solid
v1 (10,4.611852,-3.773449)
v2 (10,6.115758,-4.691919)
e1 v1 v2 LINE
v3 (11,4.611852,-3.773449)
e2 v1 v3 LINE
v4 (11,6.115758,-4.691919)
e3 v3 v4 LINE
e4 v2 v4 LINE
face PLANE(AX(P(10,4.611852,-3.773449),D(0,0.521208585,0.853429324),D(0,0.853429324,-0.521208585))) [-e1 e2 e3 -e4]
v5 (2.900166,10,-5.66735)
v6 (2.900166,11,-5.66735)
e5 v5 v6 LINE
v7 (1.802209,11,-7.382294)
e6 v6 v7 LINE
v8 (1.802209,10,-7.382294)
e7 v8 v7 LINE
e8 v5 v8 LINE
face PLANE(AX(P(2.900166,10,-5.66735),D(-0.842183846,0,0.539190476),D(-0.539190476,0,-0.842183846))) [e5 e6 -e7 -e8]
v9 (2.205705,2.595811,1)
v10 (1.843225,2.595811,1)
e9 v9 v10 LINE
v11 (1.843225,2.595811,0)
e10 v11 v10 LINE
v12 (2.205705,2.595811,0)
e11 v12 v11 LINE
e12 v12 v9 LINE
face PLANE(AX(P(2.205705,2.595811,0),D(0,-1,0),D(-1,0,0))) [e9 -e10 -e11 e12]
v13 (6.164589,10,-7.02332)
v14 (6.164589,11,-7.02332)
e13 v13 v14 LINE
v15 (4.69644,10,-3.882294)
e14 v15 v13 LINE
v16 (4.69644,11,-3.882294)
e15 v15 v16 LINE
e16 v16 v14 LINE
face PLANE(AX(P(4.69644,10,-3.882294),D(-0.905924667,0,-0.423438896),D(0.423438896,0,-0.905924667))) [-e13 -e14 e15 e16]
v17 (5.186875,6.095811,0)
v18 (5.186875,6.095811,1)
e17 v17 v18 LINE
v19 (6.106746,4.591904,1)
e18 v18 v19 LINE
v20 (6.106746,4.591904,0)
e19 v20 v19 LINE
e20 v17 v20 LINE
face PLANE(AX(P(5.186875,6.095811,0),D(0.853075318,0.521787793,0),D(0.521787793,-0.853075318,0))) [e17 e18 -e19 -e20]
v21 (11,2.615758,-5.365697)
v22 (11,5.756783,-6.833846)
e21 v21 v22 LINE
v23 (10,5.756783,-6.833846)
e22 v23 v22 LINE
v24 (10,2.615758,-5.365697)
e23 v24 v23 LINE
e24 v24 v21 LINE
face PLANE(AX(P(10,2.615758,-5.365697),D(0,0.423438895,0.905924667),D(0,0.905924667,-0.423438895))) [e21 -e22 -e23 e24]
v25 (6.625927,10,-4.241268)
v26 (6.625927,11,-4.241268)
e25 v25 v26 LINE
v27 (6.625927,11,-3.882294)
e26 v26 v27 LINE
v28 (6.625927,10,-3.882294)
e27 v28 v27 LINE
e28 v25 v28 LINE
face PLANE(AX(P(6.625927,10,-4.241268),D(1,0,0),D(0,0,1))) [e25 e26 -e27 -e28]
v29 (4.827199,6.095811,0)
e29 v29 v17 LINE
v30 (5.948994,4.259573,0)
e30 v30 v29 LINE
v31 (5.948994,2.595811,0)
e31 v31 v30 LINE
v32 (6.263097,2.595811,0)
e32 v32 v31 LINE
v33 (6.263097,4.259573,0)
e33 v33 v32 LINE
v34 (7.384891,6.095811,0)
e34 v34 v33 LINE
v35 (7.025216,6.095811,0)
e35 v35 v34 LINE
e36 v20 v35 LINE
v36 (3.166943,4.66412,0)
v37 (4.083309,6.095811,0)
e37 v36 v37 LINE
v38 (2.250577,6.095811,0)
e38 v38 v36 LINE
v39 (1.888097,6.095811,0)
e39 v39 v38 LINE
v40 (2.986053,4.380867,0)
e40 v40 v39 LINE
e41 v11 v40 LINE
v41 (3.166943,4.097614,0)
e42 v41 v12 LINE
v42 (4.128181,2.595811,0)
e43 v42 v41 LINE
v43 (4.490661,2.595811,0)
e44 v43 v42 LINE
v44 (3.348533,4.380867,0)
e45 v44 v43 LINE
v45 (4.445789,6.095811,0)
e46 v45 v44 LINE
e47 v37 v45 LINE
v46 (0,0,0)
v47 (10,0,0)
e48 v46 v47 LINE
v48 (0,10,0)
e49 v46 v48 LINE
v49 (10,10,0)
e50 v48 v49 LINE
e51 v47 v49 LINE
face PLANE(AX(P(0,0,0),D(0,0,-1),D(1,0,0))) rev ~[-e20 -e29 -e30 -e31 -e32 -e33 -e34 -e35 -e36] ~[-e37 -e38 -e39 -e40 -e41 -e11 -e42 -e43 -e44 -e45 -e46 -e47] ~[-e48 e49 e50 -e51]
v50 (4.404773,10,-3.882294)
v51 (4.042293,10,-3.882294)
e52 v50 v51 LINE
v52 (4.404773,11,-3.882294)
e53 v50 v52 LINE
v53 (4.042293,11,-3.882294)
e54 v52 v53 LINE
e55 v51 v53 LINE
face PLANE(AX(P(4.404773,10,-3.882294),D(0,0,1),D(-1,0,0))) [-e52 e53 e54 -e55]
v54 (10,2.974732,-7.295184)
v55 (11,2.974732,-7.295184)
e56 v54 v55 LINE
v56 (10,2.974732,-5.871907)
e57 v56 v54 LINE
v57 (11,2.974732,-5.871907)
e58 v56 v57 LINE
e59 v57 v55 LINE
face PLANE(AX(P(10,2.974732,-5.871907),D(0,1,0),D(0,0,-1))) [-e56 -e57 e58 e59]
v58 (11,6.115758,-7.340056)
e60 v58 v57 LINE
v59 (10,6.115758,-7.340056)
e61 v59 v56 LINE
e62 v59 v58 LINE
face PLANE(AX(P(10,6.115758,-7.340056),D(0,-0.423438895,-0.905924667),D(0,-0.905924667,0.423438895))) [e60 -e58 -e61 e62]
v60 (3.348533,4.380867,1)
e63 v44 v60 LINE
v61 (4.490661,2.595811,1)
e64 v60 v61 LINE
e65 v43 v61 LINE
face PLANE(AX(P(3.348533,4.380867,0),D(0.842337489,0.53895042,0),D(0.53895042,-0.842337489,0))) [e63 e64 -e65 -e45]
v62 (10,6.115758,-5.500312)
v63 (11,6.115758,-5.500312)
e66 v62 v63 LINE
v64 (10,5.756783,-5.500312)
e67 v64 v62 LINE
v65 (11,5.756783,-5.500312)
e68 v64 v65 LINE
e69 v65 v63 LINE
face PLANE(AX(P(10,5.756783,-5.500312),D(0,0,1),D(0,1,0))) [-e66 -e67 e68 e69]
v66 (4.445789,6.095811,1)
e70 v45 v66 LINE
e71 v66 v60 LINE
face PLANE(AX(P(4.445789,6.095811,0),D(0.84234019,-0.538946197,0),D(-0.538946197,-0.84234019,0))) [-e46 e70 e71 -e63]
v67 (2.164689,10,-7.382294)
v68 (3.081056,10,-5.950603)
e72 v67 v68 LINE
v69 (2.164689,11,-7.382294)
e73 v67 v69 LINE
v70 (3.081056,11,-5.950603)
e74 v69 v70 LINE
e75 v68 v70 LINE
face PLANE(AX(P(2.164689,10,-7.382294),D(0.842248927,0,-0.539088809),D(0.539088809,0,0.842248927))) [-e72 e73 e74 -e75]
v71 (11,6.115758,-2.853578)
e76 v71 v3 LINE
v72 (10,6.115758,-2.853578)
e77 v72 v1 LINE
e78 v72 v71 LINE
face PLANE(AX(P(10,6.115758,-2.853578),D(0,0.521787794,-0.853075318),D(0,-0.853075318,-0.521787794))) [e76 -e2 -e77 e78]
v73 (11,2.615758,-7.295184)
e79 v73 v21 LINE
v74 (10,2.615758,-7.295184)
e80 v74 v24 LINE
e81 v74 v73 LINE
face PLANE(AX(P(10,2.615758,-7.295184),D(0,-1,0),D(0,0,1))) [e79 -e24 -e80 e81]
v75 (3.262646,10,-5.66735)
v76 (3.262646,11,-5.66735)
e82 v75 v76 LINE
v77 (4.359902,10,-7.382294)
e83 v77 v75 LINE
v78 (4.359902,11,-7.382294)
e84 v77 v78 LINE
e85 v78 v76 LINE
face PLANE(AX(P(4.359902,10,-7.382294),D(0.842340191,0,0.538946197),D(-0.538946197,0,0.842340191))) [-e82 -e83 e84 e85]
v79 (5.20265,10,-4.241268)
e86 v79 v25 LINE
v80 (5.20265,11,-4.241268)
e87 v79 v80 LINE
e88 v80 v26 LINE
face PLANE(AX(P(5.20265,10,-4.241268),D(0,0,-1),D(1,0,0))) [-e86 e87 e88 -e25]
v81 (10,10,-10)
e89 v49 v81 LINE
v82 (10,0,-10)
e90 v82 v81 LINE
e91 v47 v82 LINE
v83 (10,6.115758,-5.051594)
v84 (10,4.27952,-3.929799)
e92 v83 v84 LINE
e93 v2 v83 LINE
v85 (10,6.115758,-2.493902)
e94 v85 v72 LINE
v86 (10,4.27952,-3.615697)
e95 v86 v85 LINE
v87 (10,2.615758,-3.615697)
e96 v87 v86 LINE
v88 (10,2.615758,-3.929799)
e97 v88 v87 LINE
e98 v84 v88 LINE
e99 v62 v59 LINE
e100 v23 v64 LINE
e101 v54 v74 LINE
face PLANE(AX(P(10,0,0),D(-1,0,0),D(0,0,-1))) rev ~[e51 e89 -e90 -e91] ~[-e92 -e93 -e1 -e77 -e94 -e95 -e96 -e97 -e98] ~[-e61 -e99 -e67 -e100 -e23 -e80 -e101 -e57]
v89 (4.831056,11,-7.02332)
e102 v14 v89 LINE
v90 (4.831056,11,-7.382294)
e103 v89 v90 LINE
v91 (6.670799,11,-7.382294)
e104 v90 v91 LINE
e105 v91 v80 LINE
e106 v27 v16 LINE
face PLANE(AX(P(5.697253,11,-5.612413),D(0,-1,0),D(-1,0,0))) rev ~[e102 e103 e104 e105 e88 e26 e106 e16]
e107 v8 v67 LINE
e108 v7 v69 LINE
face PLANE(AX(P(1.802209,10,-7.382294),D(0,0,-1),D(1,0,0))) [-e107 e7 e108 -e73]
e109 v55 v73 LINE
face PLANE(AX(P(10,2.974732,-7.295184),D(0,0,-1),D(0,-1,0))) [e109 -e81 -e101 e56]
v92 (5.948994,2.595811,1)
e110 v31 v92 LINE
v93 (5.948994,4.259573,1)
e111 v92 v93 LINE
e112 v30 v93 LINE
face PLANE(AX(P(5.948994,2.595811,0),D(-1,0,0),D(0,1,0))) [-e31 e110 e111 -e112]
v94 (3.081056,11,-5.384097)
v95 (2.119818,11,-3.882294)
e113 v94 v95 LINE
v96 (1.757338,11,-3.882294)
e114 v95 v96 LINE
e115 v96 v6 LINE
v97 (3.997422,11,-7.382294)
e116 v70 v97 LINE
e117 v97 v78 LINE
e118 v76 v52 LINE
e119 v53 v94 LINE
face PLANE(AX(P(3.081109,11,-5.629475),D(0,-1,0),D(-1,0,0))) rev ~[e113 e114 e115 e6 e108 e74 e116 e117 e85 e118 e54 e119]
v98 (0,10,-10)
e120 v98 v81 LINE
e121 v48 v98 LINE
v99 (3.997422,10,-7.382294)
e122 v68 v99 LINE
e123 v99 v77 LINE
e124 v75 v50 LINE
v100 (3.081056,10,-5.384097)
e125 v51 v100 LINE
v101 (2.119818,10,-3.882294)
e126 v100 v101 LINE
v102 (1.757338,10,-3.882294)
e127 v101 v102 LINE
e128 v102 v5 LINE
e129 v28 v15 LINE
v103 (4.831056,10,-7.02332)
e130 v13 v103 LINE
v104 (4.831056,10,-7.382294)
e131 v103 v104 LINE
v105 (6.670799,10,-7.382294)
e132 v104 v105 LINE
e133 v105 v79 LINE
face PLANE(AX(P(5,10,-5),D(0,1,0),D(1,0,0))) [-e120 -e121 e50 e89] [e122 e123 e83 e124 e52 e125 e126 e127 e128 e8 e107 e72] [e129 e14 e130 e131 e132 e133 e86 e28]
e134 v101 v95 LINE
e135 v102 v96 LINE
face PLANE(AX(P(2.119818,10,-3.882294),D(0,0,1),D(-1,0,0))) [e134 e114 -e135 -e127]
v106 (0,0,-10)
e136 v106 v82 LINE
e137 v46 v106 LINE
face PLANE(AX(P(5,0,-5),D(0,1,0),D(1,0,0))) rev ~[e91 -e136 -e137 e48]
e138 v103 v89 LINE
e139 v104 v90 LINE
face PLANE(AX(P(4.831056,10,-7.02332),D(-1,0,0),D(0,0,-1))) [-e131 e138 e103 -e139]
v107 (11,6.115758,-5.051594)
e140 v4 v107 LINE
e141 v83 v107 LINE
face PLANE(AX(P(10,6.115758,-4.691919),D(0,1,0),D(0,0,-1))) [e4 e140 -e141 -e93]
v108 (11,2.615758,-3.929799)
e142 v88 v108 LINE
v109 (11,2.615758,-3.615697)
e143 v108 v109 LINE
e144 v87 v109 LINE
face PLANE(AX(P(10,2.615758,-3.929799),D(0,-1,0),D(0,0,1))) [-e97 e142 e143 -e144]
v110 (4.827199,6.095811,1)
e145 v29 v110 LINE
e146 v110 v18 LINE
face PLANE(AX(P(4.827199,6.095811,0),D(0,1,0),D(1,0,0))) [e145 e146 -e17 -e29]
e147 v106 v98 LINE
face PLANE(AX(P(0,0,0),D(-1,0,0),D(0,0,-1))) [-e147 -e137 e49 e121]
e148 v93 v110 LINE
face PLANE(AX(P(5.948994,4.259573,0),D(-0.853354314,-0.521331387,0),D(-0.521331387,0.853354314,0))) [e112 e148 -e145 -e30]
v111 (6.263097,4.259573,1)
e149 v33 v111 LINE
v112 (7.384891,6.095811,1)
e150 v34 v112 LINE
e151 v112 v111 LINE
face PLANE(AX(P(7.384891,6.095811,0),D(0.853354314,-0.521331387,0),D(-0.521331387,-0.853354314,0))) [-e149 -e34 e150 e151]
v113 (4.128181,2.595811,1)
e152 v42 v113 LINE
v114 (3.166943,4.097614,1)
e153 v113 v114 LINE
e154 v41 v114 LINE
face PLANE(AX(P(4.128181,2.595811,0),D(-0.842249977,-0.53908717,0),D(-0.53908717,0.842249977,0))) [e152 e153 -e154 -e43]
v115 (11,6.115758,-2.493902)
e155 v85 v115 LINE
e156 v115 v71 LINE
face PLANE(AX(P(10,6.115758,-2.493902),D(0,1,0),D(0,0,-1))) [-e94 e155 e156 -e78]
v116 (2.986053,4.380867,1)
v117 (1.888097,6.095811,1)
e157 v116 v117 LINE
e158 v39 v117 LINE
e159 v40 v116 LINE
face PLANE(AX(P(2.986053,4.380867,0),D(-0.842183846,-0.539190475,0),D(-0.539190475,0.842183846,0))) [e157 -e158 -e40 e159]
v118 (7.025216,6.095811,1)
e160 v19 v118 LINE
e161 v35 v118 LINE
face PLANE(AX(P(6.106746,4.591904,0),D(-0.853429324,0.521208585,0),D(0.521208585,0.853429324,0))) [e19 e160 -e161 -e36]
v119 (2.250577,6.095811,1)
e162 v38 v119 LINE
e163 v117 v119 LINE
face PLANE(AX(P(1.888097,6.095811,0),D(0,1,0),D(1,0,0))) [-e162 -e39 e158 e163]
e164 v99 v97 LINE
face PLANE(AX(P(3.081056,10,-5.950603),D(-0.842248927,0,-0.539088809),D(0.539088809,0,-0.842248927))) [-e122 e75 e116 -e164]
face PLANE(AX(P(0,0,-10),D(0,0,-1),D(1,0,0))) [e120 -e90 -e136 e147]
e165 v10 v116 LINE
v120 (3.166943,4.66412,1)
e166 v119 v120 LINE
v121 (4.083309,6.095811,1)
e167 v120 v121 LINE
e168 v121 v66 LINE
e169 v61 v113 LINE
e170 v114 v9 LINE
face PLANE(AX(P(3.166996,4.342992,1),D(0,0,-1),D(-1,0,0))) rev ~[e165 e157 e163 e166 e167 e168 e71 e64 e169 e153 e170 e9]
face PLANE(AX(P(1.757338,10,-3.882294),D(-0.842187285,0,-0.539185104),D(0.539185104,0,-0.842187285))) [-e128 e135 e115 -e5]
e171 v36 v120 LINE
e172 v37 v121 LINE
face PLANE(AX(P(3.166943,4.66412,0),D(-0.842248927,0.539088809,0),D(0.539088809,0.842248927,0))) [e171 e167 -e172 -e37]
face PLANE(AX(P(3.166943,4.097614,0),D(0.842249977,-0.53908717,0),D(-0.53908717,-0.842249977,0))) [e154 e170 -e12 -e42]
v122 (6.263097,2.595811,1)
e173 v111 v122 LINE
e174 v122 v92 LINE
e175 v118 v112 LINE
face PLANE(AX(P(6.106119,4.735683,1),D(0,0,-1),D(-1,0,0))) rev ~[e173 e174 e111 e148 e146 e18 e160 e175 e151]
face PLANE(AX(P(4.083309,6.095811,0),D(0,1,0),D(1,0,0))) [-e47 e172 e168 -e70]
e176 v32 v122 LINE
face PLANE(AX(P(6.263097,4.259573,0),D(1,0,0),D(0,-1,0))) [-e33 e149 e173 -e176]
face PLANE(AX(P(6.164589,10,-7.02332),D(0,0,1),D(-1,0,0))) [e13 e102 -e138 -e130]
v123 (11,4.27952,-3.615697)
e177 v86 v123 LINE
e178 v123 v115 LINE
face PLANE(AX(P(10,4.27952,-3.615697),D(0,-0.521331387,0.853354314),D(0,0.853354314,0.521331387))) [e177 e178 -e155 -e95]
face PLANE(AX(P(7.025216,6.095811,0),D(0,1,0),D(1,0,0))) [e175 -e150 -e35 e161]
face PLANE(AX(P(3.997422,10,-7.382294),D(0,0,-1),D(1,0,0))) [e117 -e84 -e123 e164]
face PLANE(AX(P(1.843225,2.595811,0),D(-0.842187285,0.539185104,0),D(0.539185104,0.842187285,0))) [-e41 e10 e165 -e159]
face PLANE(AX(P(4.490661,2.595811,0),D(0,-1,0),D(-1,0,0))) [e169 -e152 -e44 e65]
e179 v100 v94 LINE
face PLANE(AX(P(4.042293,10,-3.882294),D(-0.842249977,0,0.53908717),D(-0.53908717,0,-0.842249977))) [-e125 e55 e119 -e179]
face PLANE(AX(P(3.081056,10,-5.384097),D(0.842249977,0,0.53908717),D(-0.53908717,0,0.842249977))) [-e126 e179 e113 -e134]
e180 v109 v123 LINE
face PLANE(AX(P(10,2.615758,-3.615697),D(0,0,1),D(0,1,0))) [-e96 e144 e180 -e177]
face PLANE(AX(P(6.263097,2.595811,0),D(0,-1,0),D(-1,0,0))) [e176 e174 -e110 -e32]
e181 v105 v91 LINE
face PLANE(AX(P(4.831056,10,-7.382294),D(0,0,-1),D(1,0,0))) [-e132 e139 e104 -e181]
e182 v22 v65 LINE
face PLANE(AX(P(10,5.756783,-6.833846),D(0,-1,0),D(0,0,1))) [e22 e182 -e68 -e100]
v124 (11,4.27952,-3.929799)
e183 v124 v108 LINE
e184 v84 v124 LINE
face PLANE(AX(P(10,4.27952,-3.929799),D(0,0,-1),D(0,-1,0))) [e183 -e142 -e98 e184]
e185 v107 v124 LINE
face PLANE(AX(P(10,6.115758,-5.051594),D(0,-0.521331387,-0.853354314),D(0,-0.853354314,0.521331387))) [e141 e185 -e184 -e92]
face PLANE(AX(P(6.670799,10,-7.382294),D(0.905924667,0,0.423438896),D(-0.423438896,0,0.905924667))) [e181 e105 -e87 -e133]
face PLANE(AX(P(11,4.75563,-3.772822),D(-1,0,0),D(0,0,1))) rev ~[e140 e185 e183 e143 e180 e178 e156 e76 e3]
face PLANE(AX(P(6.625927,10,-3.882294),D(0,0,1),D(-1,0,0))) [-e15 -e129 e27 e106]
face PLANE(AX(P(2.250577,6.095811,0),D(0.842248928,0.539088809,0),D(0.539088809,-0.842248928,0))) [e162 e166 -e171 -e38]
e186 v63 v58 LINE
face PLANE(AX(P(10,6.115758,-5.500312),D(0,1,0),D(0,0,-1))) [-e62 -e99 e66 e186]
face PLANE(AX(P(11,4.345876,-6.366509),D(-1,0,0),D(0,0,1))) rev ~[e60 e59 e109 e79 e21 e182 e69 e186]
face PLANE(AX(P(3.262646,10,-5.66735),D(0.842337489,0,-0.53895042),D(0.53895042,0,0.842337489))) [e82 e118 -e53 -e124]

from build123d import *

# Parameters (mm, degrees)
SKETCH1_W           = 10
SKETCH1_H           = 10
BOSS_EXTRUDE1_DEPTH = 10
BOSS_EXTRUDE2_DEPTH = 1
BOSS_EXTRUDE3_DEPTH = 1
BOSS_EXTRUDE4_DEPTH = 1


with BuildPart() as part:
    # Sketch1 → Boss-Extrude1 (new body)
    with BuildSketch(Plane(origin=(0, 0, 0), x_dir=(1, 0, 0), z_dir=(0, 1, 0))):
        with Locations((5, 5)):
            Rectangle(SKETCH1_W, SKETCH1_H)
    extrude(amount=BOSS_EXTRUDE1_DEPTH)

    # Sketch2 → Boss-Extrude2 (add)
    with BuildSketch(Plane.XY):
        Polygon((1.888096604, 6.09581066), (2.250576572, 6.09581066), (3.166942757, 4.664119955), (4.083308943, 6.09581066), (4.445788911, 6.09581066), (3.348533302, 4.38086675), (4.490660706, 2.59581066), (4.128180738, 2.59581066), (3.166942757, 4.097613545), (2.205704777, 2.59581066), (1.843224809, 2.59581066), (2.986053334, 4.38086675), align=None)
        Polygon((4.827199168, 6.09581066), (5.186874649, 6.09581066), (6.106746443, 4.59190441), (7.025215995, 6.09581066), (7.384891475, 6.09581066), (6.263096604, 4.25957268), (6.263096604, 2.59581066), (5.94899404, 2.59581066), (5.94899404, 4.25957268), align=None)
    extrude(amount=BOSS_EXTRUDE2_DEPTH)

    # Sketch3 → Boss-Extrude3 (add)
    with BuildSketch(Plane(origin=(0, 10, 0), x_dir=(1, 0, 0), z_dir=(0, 1, 0))):
        Polygon((1.802209363, 7.38229402), (2.164689331, 7.38229402), (3.081055517, 5.950603315), (3.997421703, 7.38229402), (4.359901671, 7.38229402), (3.262646062, 5.667350109), (4.404773466, 3.88229402), (4.042293498, 3.88229402), (3.081055517, 5.384096904), (2.119817536, 3.88229402), (1.757337568, 3.88229402), (2.900166094, 5.667350109), align=None)
        Polygon((4.831055517, 7.023319661), (4.831055517, 7.38229402), (6.670799107, 7.38229402), (5.202650068, 4.241268379), (6.625927312, 4.241268379), (6.625927312, 3.88229402), (4.696440132, 3.88229402), (6.164589171, 7.023319661), align=None)
    extrude(amount=BOSS_EXTRUDE3_DEPTH)

    # Sketch4 → Boss-Extrude4 (add)
    with BuildSketch(Plane(origin=(10, 0, 0), x_dir=(0, 0, -1), z_dir=(1, 0, 0))):
        Polygon((2.493902055, 6.115757789), (2.853577536, 6.115757789), (3.773449331, 4.611851539), (4.691918882, 6.115757789), (5.051594363, 6.115757789), (3.929799491, 4.279519808), (3.929799491, 2.615757789), (3.615696927, 2.615757789), (3.615696927, 4.279519808), align=None)
        Polygon((5.500312311, 5.75678343), (5.500312311, 6.115757789), (7.340055901, 6.115757789), (5.871906863, 2.974732148), (7.295184106, 2.974732148), (7.295184106, 2.615757789), (5.365696927, 2.615757789), (6.833845965, 5.75678343), align=None)
    extrude(amount=BOSS_EXTRUDE4_DEPTH)


solid = part.part
